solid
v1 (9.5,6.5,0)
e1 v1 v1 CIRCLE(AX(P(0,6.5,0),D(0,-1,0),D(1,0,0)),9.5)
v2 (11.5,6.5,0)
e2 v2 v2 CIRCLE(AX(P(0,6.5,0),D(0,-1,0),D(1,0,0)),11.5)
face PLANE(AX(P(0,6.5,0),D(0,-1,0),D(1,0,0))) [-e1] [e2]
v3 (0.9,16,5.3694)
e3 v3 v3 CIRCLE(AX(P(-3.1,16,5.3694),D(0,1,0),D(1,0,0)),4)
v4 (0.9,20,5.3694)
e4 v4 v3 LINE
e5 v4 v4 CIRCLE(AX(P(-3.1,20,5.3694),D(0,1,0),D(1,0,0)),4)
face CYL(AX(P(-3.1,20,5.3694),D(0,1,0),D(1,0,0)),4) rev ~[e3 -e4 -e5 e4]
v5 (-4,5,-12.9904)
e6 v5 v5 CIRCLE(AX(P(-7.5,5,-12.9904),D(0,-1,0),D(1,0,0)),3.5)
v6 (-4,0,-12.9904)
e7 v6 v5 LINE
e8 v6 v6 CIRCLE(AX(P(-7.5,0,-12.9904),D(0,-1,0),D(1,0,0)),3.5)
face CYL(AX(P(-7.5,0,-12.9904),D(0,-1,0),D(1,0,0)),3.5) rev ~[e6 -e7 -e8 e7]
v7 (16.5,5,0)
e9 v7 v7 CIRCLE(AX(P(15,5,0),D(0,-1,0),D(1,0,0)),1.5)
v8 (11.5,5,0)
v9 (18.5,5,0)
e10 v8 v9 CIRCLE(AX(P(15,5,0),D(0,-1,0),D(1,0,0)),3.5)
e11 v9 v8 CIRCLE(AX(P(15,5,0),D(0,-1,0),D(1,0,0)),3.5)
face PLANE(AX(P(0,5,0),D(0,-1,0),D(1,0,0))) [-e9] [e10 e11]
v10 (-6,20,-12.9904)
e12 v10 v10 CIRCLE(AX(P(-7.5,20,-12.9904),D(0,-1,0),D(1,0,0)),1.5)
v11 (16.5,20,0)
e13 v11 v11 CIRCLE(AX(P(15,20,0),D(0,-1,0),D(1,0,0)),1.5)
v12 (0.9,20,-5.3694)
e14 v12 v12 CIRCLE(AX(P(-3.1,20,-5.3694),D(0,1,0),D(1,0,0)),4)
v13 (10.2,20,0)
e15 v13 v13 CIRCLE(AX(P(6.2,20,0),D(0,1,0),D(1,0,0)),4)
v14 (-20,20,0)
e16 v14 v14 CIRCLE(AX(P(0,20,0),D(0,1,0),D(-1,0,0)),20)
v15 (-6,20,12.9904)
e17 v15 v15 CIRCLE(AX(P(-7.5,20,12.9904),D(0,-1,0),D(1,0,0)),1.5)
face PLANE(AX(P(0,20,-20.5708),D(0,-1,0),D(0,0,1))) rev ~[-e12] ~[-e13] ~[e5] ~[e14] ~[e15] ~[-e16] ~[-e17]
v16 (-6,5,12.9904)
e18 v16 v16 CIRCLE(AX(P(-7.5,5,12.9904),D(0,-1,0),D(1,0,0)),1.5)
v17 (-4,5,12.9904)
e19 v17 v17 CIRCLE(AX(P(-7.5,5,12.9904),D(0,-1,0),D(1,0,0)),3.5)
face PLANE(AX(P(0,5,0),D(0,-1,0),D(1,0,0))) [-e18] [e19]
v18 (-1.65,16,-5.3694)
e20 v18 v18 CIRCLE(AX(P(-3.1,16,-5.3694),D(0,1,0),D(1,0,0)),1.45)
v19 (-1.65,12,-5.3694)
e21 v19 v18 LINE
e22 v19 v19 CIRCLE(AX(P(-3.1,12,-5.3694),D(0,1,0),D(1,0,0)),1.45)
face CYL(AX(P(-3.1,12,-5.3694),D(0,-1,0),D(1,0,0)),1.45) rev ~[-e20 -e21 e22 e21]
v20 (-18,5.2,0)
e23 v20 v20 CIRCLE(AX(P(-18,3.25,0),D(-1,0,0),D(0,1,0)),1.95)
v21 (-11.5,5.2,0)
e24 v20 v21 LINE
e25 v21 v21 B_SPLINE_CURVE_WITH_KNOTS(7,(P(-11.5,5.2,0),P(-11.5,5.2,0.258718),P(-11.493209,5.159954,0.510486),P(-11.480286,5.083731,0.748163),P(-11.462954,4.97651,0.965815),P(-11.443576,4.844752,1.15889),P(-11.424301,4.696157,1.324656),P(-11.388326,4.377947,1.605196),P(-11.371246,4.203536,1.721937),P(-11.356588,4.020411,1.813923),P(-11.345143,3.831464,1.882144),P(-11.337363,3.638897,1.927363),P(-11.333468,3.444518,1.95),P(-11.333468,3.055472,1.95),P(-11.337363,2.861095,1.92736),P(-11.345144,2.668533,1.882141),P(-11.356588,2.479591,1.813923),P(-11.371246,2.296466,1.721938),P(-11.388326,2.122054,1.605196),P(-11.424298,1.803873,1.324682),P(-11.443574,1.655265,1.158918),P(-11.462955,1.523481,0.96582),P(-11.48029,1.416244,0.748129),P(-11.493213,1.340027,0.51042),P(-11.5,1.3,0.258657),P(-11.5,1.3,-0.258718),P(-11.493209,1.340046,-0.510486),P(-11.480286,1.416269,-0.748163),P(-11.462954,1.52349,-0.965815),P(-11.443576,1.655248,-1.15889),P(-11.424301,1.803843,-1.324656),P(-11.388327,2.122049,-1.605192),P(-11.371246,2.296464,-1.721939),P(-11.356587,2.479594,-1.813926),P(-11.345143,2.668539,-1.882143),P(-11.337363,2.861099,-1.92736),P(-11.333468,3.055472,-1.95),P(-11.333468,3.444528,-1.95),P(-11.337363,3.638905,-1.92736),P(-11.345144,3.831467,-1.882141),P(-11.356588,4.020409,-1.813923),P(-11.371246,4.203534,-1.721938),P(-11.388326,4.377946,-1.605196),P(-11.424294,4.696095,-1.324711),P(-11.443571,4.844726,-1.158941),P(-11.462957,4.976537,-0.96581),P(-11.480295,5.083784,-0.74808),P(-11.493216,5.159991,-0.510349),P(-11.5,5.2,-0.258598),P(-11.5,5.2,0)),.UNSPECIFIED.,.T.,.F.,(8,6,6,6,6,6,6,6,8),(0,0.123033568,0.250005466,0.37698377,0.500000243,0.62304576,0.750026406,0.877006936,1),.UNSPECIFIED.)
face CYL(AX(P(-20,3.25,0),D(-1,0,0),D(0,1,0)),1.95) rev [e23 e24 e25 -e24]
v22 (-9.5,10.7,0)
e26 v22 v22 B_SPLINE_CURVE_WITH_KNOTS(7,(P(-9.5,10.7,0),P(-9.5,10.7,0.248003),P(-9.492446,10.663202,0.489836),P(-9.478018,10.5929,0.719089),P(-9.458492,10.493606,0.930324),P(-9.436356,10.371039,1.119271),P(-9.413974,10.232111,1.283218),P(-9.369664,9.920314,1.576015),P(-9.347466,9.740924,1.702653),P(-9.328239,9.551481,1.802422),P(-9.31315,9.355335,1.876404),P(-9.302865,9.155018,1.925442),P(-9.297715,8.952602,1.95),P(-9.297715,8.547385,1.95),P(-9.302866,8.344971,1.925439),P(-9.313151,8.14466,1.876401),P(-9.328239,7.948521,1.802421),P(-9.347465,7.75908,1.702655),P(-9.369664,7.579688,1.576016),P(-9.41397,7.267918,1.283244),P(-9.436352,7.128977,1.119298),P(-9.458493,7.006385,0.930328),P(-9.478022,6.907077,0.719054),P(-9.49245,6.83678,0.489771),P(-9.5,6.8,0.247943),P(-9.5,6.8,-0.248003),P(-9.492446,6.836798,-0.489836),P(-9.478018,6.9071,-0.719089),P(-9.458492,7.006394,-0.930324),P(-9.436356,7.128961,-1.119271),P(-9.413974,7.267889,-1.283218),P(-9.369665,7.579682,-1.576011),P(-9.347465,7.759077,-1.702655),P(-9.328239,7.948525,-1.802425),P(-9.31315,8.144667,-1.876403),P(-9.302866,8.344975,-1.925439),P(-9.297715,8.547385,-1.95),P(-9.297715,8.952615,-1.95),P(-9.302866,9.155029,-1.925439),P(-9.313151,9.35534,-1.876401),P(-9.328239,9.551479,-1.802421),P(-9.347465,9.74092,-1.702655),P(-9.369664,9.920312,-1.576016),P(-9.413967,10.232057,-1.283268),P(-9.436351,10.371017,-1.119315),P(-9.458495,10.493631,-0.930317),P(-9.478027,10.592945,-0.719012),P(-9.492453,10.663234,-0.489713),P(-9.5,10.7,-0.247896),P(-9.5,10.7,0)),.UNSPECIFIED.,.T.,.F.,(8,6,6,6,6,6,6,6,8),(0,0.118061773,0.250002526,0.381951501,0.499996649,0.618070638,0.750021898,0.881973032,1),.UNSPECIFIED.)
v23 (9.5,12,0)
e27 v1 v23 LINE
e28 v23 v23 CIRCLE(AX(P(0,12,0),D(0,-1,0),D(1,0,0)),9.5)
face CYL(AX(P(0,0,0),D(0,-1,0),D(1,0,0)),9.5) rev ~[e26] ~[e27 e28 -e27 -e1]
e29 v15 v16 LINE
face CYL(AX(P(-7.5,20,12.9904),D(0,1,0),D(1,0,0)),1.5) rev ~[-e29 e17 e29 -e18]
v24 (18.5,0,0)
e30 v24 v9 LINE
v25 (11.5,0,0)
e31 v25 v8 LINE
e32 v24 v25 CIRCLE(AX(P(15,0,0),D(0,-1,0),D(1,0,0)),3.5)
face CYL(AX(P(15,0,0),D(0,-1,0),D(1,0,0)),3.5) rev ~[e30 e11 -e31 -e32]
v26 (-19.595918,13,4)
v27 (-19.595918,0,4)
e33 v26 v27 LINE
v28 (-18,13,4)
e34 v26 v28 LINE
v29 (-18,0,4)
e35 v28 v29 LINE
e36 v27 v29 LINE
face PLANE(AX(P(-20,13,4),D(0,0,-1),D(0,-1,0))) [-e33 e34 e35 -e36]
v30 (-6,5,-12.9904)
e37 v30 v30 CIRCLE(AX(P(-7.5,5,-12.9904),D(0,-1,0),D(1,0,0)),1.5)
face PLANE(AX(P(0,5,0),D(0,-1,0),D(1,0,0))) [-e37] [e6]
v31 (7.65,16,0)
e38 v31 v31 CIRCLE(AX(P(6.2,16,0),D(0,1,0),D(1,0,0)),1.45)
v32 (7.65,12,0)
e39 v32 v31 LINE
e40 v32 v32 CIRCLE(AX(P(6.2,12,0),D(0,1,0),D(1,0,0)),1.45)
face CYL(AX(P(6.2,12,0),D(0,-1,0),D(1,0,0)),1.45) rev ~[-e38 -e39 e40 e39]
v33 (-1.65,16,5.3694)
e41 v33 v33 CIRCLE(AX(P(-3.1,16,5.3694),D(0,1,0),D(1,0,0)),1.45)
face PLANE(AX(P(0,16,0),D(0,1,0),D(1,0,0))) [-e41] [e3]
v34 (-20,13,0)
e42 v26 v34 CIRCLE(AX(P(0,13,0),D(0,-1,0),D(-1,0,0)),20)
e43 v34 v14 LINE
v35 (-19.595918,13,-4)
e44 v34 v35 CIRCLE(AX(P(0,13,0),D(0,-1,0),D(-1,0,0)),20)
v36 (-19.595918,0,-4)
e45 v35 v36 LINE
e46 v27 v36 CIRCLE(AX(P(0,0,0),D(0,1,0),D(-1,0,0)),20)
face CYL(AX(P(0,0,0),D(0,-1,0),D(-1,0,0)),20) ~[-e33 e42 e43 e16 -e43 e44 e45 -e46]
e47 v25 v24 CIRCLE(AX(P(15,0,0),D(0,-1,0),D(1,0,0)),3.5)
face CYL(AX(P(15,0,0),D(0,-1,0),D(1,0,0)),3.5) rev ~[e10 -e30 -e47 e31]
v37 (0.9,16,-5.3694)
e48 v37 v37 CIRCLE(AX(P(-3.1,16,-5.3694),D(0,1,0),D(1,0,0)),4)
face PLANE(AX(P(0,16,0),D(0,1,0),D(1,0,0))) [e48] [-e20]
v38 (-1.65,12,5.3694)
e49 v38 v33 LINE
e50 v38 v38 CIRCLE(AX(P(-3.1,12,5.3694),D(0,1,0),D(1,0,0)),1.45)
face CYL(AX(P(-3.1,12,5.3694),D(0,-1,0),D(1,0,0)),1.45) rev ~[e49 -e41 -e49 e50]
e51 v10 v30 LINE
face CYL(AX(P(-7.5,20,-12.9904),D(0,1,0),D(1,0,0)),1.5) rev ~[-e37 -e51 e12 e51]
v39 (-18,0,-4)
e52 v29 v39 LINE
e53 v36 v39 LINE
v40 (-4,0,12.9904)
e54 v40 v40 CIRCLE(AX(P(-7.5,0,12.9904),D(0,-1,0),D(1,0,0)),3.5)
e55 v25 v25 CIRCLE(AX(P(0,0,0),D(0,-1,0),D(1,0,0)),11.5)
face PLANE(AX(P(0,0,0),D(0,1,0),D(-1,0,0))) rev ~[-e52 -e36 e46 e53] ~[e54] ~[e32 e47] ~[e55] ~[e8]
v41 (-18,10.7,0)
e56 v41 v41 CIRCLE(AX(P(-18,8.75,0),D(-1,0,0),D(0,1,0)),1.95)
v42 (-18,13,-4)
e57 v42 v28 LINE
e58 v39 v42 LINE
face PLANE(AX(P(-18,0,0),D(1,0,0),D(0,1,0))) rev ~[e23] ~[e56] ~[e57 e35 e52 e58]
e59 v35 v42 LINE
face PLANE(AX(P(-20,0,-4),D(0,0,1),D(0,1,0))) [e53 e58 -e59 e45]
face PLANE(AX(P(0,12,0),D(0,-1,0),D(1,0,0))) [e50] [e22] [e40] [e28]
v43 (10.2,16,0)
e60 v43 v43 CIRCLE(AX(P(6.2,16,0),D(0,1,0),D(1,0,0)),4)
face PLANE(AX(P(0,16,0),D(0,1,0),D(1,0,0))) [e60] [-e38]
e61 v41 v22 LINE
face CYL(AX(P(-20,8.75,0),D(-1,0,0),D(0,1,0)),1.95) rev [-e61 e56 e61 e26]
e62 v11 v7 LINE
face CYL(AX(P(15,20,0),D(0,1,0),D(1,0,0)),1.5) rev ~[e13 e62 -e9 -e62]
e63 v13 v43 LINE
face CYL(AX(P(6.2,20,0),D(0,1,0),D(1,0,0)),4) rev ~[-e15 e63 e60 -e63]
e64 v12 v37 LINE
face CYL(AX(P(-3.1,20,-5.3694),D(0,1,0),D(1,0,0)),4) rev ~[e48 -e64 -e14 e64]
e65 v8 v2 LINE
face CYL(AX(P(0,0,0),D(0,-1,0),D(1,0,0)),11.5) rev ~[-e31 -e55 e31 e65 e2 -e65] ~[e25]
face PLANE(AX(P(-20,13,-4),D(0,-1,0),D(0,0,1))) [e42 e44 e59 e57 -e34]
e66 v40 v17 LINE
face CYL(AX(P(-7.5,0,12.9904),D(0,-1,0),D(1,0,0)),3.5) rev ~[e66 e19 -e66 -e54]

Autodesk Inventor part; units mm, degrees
sketch "Sketch1" plane through (0, 0, 0) normal (0, 1, 0) x (-1, 0, 0)
  circle A0 centre (0, 0) radius 20
  dimension "d0" = 40
extrude "Extrusion1" add sketch "Sketch1" along normal blind 30
sketch "Sketch2" plane through (0, 30, 0) normal (0, 1, 0) x (1, 0, 0)
  circle A0 centre (0, 0) radius 10
  dimension "d3" = 20
extrude "Extrusion2" add sketch "Sketch2" along normal blind 60
sketch "Sketch3" plane through (0, 90, 0) normal (0, 1, 0) x (1, 0, 0)
  circle A0 centre (0, 0) radius 10 projected
  circle A1 centre (0, 0) radius 10
  circle A2 centre (0, 0) radius 6
  dimension "d6" = 20
  dimension "d7" = 12
extrude "Extrusion3" cut sketch "Sketch3" against normal blind 16
sketch "Sketch4" plane through (0, 0, 0) normal (0, -1, 0) x (1, 0, 0)
  circle A0 centre (0, 0) radius 2
  line L0 (1.5, 1.3229) -> (1.5, -1.3229)
  dimension "d10" = 4
  dimension "d11" = 3.5
extrude "Extrusion4" cut sketch "Sketch4" against normal blind 10 contours L0 A0 picked at (-0.0779, 0.6608)
fillet "Fillet1" radius 7 1 edges at (-10, 30, 0)
fillet "Fillet2" radius 7 1 edges at (20, 30, 0)
fillet "Fillet3" radius 4 1 edges at (-6, 90, 0)
ref_plane "Work Plane1" through (6, 0, 0) normal (1, 0, 0) x (0, 1, 0)
ref_plane "Work Plane2" through (-6, 0, 0) normal (1, 0, 0) x (0, 1, 0)
ref_plane "Work Plane3" through (10, 0, 0) normal (1, 0, 0) x (0, 1, 0)
sketch "Sketch7" plane through (10, 0, 0) normal (1, 0, 0) x (0, 1, 0)
  line L0 (57, 6.8) -> (37.3, 6.8)
  line L1 (37.3, 6.8) -> (37.3, -6.8)
  line L2 (37.3, -6.8) -> (57, -6.8)
  line L3 (57, -6.8) -> (57, 6.8)
  line L4 (-9.9161, 0) -> (11.1387, 0)
  line L5 (74, 10) -> (74, -10) projected
  line L6 (37.3, -6.8) -> (32.3, -6.8)
  line L7 (37.3, 4) -> (31.3, 4)
  line L8 (31.3, 4) -> (31.3, -4)
  line L9 (31.3, -4) -> (37.3, -4)
  line L10 (37.3, -4) -> (37.3, 4)
  point P0 (0, 0)
  dimension "d26" = 6.8
  dimension "d27" = 13.6
  dimension "d28" = 19.7
  dimension "d29" = 17
  dimension "d30" = 0
  dimension "d31" = 5
  dimension "d32" = 6
  dimension "d33" = 8
  dimension "d38" = 4
  dimension "d39" = 0
extrude "Extrusion6" cut sketch "Sketch7" along normal blind 2 and the other way blind 4
ref_plane "Work Plane4" through (12, 31.3, 4) normal (0.7071, 0.7071, 0) x (0, 0, -1)
sketch "Sketch8" plane through (12, 31.3, 4) normal (0.7071, 0.7071, 0) x (0, 0, -1)
  line L0 (8, 4.2426) -> (8, 0) projected
  line L1 (8, 4.3868) -> (0, 4.3868)
  line L2 (0, 4.3868) -> (0, -12.1132)
  line L3 (0, -12.1132) -> (8, -12.1132)
  line L4 (8, -12.1132) -> (8, 4.3868)
  ellipse E0 centre (4, 26.6579) end of major axis (14, 26.6579) minor radius 7.0711 (-2.8, 21.4733) -> (10.8, 21.4733) ccw projected
  point P0 (4, -13.6472)
  point P1 (8, 4.2426)
  dimension "d41" = 8
  dimension "d42" = 16.5
  dimension "d52" = 22.2711
extrude "Extrusion7" cut sketch "Sketch8" along normal blind 3 and the other way blind 4.2
ref_plane "Work Plane5" through (0, 0, 6) normal (0, 0, 1) x (1, 0, 0)
sketch "Sketch9" plane through (0, 0, 6) normal (0, 0, 1) x (1, 0, 0)
  circle A0 centre (0, 79) radius 1.5
  line L0 (-10, 74) -> (10, 74) projected
  point P0 (0, 0)
  dimension "d48" = 3
  dimension "d49" = 5
extrude "Extrusion8" cut sketch "Sketch9" against normal blind 3
mirror "Mirror2" about plane through (0, 0, 0) normal (0, 0, 1) of "Extrusion8"
sketch "Sketch10" plane through (0, 0, 0) normal (0, -1, 0) x (1, 0, 0)
  circle A0 centre (0, 0) radius 9.5
  dimension "d53" = 19
extrude "Extrusion9" cut sketch "Sketch10" against normal blind 12
sketch "Sketch11" plane through (0, 0, 0) normal (0, -1, 0) x (1, 0, 0)
  circle A0 centre (0, 0) radius 9.5 projected
  circle A1 centre (0, 0) radius 11.5
  dimension "d56" = 23
extrude "Extrusion10" cut sketch "Sketch11" against normal blind 6.5
ref_plane "Work Plane6" through (-20, 0, 0) normal (1, 0, 0) x (0, 1, 0)
sketch "Sketch12" plane through (-20, 0, 0) normal (1, 0, 0) x (0, 1, 0)
  line L0 (0, -20) -> (0, 20) projected
  line L1 (0, -11.1927) -> (6.5, -11.1927)
  line L2 (6.5, -11.1927) -> (6.5, 10.8073)
  line L3 (6.5, 10.8073) -> (0, 10.8073)
  line L4 (0, 10.8073) -> (0, -11.1927)
  circle A0 centre (3.25, 0) radius 1.95
  circle A1 centre (8.75, 0) radius 1.95
  point P0 (0, 0)
  dimension "d60" = 22
  dimension "d61" = 3.9
  dimension "d62" = 6.5
  dimension "d63" = 3.25
  dimension "d64" = 0
  dimension "d65" = 3.9
  dimension "d66" = 5.5
extrude "Extrusion11" cut sketch "Sketch12" along normal blind 18 contours A0 | A1
sketch "Sketch13" plane through (-20, 0, 0) normal (1, 0, 0) x (0, 1, 0)
  line L0 (0, -4) -> (13, -4)
  line L1 (13, -4) -> (13, 4)
  line L2 (13, 4) -> (0, 4)
  line L3 (0, 4) -> (0, -4)
  point P0 (0, 0)
  dimension "d70" = 8
  dimension "d71" = 4
  dimension "d72" = 13
extrude "Extrusion12" cut sketch "Sketch13" along normal blind 2
sketch "Sketch14" plane through (0, 12, 0) normal (0, -1, 0) x (1, 0, 0)
  circle A0 centre (0, 0) radius 6.2
  line L0 (0, 0) -> (7.6867, 0)
  line L1 (0, 0) -> (-3.9527, 6.8463)
  line L2 (0, 0) -> (-3.8209, -6.618)
  circle A1 centre (-3.1, 5.3694) radius 1.45
  circle A2 centre (-3.1, -5.3694) radius 1.45
  circle A3 centre (6.2, 0) radius 1.45
  dimension "d75" = 12.4
  dimension "d76" = 120
  dimension "d77" = 120
  dimension "d79" = 2.9
  dimension "d80" = 2.9
  dimension "d81" = 2.9
extrude "Extrusion13" cut sketch "Sketch14" against normal blind 12 contours L0 A3 A0 | L0 A3 A0 | A0 A3 L0 | A0 A3 L0 | A1 L1 A0 | A0 L1 A1 | A2 A0 | A0 L2 A2 | L1 A1 A0 | A0 A1 L1 | A0 A2 L2
sketch "Sketch15" plane through (0, 0, 0) normal (1, 0, 0) x (0, 1, 0)
  line L0 (95, -20.5708) -> (0, -20.5708)
  line L1 (0, -20.5708) -> (0, 21.1406)
  line L2 (0, 21.1406) -> (95, 21.1406)
  line L3 (95, 21.1406) -> (95, -20.5708)
  line L4 (20, -20.5708) -> (20, 21.1406)
  point P0 (0, 0)
  dimension "d84" = 20
  dimension "d85" = 41.7114
  dimension "d86" = 95
extrude "Extrusion14" cut sketch "Sketch15" along normal mid plane 40 contours L0 L4 L2 L3
sketch "Sketch16" plane through (0, 20, 0) normal (0, 1, 0) x (1, 0, 0)
  line L0 (18.2415, 4.1496) -> (17.0061, 4.1496)
  line L1 (17.0061, 4.1496) -> (17.0061, -4.2806)
  line L2 (17.0061, -4.2806) -> (18.2415, -4.2806)
  line L3 (18.2415, -4.2806) -> (18.2415, 4.1496)
  point P0 (0, 0)
extrude "Extrusion15" add sketch "Sketch16" against normal blind 3
sketch "Sketch17" plane through (0, 20, 0) normal (0, 1, 0) x (1, 0, 0)
  circle A0 centre (0, 0) radius 15
  circle A1 centre (-3.1, -5.3694) radius 1.45 projected
  circle A2 centre (-3.1, -5.3694) radius 4
  circle A3 centre (-3.1, 5.3694) radius 1.45 projected
  circle A4 centre (-3.1, 5.3694) radius 4
  circle A5 centre (6.2, 0) radius 1.45 projected
  circle A6 centre (6.2, 0) radius 4
  dimension "d91" = 30
  dimension "d92" = 8
  dimension "d93" = 8
  dimension "d94" = 8
extrude "Extrusion16" cut sketch "Sketch17" against normal blind 4 contours A2 | A4 | A6
sketch "Sketch18" plane through (0, 20, 0) normal (0, 1, 0) x (1, 0, 0)
  circle A0 centre (0, 0) radius 15
  line L0 (0, 0) -> (18.2122, 0)
  line L1 (0, 0) -> (-8.7364, -15.1318)
  line L2 (0, 0) -> (-8.9499, 15.5016)
  circle A1 centre (15, 0) radius 1.5
  circle A2 centre (-7.5, -12.9904) radius 1.5
  circle A3 centre (-7.5, 12.9904) radius 1.5
  dimension "d97" = 30
  dimension "d98" = 120
  dimension "d99" = 120
  dimension "d100" = 3
  dimension "d101" = 3
  dimension "d102" = 3
extrude "Extrusion17" cut sketch "Sketch18" against normal blind 40 contours L0 A1 A0 | L0 A1 A0 | A0 A1 L0 | A0 A1 L0 | A3 L2 A0 | A0 L2 A3 | A2 L1 A0 | A0 L1 A2 | L2 A3 A0 | A0 A3 L2 | L1 A2 A0 | A0 A2 L1
sketch "Sketch19" plane through (0, 0, 0) normal (0, -1, 0) x (1, 0, 0)
  circle A0 centre (-7.5, -12.9904) radius 1.5 projected
  circle A1 centre (-7.5, -12.9904) radius 3.5
  circle A2 centre (15, 0) radius 1.5 projected
  circle A3 centre (15, 0) radius 3.5
  circle A4 centre (-7.5, 12.9904) radius 1.5 projected
  circle A5 centre (-7.5, 12.9904) radius 3.5
  point P0 (0, 0)
  dimension "d105" = 7
  dimension "d106" = 7
  dimension "d107" = 7
extrude "Extrusion18" cut sketch "Sketch19" against normal blind 5
properties part number "EF1"
